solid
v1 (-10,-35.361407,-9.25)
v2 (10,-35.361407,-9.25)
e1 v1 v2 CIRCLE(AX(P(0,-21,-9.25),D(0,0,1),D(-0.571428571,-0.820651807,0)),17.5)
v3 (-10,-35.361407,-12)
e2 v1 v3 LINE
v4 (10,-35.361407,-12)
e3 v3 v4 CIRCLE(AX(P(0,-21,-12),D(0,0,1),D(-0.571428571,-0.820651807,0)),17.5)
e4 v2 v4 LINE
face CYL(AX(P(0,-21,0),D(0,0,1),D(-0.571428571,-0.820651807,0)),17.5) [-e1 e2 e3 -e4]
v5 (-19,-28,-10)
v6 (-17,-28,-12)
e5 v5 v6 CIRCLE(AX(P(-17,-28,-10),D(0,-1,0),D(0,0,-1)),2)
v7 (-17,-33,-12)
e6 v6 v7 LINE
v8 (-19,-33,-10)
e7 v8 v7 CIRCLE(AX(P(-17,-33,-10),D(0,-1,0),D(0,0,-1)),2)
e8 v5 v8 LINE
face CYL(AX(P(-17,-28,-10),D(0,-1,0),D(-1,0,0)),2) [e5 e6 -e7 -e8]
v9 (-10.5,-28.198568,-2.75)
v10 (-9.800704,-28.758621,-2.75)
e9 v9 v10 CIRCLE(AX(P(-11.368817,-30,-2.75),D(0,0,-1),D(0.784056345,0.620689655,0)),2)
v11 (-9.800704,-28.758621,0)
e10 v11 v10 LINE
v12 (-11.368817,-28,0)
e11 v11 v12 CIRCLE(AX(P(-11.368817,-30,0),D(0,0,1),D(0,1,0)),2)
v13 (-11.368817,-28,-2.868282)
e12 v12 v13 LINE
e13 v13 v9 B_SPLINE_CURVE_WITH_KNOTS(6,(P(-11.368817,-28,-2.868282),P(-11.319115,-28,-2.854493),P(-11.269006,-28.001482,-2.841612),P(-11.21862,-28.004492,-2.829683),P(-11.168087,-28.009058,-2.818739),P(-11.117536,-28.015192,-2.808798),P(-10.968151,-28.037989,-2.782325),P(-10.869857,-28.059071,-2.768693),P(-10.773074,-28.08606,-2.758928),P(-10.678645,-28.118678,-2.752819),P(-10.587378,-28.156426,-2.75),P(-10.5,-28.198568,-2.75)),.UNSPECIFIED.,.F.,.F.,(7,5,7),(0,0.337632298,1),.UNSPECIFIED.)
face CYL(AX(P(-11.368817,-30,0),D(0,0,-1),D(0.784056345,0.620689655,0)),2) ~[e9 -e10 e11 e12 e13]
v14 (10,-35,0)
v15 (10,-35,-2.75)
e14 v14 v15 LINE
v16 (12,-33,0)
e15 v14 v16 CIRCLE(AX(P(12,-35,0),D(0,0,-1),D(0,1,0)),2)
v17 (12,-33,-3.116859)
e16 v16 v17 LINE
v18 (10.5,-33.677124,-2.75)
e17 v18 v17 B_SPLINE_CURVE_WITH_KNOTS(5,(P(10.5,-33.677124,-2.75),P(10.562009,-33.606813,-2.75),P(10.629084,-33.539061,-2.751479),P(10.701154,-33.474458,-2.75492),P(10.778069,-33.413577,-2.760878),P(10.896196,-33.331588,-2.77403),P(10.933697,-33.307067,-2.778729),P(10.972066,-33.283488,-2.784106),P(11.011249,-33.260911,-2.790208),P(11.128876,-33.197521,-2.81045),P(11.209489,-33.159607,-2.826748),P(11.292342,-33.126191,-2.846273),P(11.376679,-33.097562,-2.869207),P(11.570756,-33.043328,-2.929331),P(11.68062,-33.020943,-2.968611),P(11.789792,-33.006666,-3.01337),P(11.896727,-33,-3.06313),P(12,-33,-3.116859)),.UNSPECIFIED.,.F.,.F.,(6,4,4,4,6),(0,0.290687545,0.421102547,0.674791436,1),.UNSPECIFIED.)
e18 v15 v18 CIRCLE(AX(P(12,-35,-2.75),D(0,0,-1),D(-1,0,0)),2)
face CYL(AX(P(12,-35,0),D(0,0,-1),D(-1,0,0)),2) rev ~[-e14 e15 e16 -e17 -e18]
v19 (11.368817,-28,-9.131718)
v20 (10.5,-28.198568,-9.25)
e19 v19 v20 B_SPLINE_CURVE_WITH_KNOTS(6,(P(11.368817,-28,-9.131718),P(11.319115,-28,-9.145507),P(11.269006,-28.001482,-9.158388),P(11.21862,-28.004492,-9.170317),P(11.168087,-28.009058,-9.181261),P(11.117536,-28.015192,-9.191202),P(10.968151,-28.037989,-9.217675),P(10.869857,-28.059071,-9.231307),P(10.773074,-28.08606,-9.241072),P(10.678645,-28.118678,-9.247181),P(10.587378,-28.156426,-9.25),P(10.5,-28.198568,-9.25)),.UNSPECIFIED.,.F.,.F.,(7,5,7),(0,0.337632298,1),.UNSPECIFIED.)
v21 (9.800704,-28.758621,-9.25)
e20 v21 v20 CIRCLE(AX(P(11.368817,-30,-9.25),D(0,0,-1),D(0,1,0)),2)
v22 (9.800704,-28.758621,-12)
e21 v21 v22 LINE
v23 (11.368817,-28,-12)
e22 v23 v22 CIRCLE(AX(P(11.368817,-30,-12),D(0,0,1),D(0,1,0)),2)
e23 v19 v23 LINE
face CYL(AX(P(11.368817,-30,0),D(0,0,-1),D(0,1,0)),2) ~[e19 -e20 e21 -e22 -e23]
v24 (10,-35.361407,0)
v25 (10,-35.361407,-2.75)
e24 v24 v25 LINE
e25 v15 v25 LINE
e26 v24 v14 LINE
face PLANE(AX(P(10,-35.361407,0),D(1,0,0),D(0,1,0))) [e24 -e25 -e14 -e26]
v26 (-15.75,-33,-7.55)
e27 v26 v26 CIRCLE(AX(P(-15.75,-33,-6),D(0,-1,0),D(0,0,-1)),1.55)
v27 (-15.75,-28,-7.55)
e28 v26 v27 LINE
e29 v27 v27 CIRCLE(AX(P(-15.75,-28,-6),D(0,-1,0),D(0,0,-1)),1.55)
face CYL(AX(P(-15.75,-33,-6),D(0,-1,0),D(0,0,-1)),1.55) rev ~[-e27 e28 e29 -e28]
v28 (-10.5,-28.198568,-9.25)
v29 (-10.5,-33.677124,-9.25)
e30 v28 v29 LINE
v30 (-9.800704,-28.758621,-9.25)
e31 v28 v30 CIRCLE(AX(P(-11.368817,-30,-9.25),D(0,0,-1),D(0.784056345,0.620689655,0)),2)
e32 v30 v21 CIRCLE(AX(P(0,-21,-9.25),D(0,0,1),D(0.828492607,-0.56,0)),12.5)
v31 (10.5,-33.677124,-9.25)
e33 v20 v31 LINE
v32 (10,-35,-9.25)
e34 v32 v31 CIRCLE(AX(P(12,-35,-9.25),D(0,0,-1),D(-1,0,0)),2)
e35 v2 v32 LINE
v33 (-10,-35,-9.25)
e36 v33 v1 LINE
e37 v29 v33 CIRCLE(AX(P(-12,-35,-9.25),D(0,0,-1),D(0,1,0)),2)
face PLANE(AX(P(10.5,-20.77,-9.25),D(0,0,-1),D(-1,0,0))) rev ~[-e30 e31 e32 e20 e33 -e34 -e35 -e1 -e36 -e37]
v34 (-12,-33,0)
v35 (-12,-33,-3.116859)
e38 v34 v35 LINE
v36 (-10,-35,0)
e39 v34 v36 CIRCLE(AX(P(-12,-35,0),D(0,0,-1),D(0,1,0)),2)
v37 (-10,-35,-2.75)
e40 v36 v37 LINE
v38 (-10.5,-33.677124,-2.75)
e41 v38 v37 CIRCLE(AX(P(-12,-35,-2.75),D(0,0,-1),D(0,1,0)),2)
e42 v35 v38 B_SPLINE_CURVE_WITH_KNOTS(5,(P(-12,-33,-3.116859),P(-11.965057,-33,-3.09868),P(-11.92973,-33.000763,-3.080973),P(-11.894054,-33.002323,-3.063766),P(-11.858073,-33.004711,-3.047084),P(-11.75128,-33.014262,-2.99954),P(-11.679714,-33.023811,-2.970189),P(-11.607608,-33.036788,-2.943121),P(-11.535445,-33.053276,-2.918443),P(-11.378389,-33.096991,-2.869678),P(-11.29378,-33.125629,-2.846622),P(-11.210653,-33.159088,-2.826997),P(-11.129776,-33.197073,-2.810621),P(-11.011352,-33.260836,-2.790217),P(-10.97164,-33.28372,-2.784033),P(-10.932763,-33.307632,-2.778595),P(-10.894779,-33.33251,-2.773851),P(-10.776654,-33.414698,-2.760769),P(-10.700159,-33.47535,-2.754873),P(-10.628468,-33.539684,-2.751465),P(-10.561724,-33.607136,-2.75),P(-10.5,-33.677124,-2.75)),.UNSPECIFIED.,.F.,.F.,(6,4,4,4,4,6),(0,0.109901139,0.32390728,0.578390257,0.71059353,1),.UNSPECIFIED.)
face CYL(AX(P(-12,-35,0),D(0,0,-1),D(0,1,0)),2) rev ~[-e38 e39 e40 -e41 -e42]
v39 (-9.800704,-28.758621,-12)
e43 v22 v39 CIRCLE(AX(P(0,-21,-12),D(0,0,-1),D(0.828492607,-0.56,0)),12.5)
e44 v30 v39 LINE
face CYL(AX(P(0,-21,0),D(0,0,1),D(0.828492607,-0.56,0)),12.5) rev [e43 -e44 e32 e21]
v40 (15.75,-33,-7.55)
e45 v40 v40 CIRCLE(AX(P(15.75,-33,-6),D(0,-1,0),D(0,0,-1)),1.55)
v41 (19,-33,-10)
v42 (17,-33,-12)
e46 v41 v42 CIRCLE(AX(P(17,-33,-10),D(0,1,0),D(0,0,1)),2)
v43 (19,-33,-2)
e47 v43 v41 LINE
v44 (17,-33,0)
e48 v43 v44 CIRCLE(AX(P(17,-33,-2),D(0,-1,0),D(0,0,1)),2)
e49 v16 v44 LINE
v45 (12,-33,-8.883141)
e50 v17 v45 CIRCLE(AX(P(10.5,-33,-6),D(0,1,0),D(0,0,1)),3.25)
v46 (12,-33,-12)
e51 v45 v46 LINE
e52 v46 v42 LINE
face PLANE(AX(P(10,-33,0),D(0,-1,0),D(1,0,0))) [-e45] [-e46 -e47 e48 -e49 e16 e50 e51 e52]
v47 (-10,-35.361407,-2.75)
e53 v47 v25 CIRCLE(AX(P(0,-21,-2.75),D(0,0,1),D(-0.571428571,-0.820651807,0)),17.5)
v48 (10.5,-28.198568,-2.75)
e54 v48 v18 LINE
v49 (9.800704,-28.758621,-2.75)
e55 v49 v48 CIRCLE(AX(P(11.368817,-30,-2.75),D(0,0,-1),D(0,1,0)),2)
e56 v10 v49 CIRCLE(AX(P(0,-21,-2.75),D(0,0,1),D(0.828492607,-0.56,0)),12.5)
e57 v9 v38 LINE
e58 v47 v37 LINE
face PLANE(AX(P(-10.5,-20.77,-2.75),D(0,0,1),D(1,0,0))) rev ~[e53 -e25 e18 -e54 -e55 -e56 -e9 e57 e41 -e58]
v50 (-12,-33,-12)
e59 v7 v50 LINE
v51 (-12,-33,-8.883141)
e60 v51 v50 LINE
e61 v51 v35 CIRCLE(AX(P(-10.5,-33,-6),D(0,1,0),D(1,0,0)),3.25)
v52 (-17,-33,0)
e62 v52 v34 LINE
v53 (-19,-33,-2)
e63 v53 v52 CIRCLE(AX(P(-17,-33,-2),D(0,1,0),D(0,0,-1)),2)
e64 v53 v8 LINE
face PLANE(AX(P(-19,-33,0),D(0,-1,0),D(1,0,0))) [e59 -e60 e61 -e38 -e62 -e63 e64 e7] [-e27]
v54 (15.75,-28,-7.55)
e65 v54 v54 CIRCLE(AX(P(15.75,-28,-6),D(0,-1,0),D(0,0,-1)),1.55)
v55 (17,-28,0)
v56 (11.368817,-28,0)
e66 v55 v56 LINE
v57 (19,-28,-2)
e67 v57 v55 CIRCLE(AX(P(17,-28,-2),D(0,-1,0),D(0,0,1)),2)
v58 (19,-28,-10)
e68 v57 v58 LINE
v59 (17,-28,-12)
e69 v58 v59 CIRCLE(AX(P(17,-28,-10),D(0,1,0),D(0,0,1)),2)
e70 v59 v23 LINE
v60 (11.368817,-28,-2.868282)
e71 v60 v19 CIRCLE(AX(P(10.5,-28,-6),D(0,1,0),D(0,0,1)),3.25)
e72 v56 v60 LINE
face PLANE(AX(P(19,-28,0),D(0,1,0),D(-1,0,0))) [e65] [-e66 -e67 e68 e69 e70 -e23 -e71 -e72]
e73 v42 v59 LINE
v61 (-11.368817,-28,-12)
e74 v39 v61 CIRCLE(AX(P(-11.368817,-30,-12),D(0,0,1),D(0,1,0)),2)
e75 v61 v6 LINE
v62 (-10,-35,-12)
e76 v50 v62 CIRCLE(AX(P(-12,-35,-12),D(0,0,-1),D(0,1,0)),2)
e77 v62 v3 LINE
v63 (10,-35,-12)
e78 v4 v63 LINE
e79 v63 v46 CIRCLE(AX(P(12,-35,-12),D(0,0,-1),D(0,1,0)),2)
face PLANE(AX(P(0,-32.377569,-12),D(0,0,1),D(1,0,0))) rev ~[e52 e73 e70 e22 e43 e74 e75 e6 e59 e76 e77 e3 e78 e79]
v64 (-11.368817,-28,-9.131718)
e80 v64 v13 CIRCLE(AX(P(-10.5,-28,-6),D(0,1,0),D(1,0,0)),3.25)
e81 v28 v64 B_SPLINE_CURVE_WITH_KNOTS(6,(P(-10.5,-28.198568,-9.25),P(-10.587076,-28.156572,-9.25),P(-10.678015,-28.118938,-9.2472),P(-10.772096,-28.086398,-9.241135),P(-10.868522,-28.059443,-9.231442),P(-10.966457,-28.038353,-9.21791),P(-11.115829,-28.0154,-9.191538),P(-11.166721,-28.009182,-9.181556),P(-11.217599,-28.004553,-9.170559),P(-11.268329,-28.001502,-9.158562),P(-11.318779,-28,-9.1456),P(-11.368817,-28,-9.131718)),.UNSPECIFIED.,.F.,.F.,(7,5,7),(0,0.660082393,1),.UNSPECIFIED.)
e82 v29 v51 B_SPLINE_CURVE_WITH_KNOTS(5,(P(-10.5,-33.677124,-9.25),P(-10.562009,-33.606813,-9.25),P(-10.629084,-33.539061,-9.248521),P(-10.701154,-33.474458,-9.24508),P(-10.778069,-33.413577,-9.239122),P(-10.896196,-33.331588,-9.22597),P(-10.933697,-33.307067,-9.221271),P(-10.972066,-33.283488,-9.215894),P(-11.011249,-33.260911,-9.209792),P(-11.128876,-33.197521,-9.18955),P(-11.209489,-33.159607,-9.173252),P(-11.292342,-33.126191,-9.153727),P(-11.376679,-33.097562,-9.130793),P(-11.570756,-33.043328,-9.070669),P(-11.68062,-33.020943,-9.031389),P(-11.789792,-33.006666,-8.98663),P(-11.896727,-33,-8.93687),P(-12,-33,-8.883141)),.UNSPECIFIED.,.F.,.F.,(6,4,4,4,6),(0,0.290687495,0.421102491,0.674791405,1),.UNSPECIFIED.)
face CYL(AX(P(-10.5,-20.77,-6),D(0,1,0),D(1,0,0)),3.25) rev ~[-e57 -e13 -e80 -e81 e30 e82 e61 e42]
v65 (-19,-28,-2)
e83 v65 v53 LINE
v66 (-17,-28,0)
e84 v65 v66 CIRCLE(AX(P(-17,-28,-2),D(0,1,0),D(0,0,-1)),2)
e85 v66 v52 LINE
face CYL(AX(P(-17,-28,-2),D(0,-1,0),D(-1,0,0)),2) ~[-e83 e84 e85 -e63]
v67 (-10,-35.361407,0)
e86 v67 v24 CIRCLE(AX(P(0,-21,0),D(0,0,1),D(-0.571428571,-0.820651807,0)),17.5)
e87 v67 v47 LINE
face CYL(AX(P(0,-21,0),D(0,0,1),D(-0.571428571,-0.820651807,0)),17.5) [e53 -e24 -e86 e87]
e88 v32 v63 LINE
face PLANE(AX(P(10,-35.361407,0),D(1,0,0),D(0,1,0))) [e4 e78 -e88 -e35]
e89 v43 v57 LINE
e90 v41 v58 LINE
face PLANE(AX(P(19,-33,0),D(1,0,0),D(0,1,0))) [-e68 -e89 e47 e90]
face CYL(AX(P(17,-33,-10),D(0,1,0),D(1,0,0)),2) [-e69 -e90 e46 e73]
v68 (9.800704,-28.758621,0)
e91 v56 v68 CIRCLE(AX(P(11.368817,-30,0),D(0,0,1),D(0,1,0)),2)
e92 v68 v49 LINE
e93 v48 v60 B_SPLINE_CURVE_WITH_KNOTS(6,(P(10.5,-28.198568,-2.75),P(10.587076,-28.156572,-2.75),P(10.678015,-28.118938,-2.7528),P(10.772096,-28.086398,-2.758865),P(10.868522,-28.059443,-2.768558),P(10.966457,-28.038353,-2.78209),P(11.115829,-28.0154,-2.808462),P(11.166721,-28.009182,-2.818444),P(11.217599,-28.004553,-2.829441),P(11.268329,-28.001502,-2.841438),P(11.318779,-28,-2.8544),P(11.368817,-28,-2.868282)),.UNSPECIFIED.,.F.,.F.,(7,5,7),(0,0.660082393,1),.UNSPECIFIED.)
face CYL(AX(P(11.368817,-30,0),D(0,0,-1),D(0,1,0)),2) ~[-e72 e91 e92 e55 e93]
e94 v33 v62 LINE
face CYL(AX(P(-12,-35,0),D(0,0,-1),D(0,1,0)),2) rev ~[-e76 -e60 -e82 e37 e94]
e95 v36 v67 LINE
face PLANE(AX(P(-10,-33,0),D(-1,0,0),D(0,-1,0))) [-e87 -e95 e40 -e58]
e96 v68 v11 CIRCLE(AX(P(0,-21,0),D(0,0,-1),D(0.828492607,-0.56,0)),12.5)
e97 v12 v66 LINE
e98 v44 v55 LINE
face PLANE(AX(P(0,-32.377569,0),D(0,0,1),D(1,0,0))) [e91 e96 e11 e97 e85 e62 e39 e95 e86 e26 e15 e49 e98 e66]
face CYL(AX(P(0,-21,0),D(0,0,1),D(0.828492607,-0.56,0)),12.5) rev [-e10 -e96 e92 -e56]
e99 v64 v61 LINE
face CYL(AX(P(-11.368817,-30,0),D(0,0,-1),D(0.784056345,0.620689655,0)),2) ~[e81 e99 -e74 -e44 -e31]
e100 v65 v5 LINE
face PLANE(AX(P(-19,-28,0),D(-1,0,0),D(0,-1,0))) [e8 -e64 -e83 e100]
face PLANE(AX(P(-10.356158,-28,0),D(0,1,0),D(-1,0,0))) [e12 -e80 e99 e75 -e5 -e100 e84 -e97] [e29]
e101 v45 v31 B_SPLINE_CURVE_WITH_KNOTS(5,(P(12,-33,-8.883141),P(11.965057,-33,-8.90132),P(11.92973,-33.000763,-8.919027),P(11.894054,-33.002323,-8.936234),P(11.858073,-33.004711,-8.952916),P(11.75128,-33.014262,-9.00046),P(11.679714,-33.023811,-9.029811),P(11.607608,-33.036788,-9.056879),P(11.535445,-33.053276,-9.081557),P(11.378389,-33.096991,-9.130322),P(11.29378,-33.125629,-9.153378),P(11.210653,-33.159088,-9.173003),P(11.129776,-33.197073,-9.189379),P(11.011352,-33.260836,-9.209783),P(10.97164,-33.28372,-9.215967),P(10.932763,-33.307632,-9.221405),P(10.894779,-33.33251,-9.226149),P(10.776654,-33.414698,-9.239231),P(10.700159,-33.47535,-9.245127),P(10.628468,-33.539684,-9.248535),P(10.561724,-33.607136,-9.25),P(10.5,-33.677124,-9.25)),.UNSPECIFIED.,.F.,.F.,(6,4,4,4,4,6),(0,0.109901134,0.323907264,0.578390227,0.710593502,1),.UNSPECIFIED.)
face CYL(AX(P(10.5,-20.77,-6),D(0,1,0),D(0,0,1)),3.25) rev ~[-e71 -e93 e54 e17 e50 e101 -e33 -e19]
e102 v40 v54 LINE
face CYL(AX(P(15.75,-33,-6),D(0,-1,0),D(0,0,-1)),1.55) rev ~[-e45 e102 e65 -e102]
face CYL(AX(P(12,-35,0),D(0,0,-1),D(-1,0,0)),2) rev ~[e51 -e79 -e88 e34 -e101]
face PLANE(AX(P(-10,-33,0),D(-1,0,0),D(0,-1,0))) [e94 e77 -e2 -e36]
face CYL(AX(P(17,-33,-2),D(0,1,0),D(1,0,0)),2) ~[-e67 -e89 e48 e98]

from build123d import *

# Parameters (mm, degrees)
EXTRUDE_1_DEPTH     = 12
FILLET_2_R          = 2
SKETCH_2_R          = 1.55
CUT_EXTRUDE_3_DEPTH = 12
SKETCH_3_R          = 3.25
CUT_EXTRUDE_4_DEPTH = 29.62434104


with BuildPart() as part:
    # Эскиз1 → Бобышка-Вытянуть1 (new body)
    with BuildSketch(Plane.XY):
        with BuildLine():
            Line((-14, -28), (-19, -28))
            Line((-19, -28), (-19, -33))
            Line((-19, -33), (-10, -33))
            Line((-10, -33), (-10, -35.361406616))
            ThreePointArc((-10, -35.361406616), (0, -38.5), (10, -35.361406616))
            Line((10, -35.361406616), (10, -33))
            Line((10, -33), (19, -33))
            Line((19, -33), (19, -28))
            Line((19, -28), (14, -28))
            Line((14, -28), (12.5, -28))
            Line((12.5, -28), (10.356157589, -28))
            ThreePointArc((10.356157589, -28), (0, -33.5), (-10.356157589, -28))
            Line((-10.356157589, -28), (-14, -28))
        make_face()
    extrude(amount=-EXTRUDE_1_DEPTH)

    # Скругление2
    fillet_2_edges = [part.edges().sort_by_distance(p)[0] for p in [
        (-19, -30.5, 0),
        (19, -30.5, 0),
        (-10, -33, -6),
        (-10.356157589, -28, -6),
        (10.356157589, -28, -6),
        (10, -33, -6),
        (19, -30.5, -12),
        (-19, -30.5, -12),
    ]]
    fillet(fillet_2_edges, radius=FILLET_2_R)

    # Эскиз2 → Вырез-Вытянуть3 (cut)
    with BuildSketch(Plane.XZ.offset(33)):
        with Locations(Location((15.75, -6, 0), (0, 0, 270))):
            Circle(SKETCH_2_R)
        with Locations(Location((-15.75, -6, 0), (0, 0, 270))):
            Circle(SKETCH_2_R)
    extrude(amount=-CUT_EXTRUDE_3_DEPTH, mode=Mode.SUBTRACT)

    # Эскиз3 → Вырез-Вытянуть4 (cut, through all)
    with BuildSketch(Plane(origin=(0, -20.77, 0), x_dir=(1, 0, 0), z_dir=(0, 1, 0))):
        with Locations((10.5, 6)):
            Circle(SKETCH_3_R)
        with BuildLine():
            Line((0, 9.25), (0, 2.75))
            Line((0, 2.75), (10.5, 2.75))
            ThreePointArc((10.5, 2.75), (7.25, 6), (10.5, 9.25))
            Line((10.5, 9.25), (0, 9.25))
        make_face()
        with BuildLine():
            Line((-10.5, 2.75), (0, 2.75))
            Line((0, 2.75), (0, 9.25))
            Line((0, 9.25), (-10.5, 9.25))
            ThreePointArc((-10.5, 9.25), (-8.201902961, 8.298097039), (-7.25, 6))
            ThreePointArc((-7.25, 6), (-8.201902961, 3.701902961), (-10.5, 2.75))
        make_face()
        with Locations((-10.5, 6)):
            Circle(SKETCH_3_R)
    extrude(amount=-CUT_EXTRUDE_4_DEPTH, mode=Mode.SUBTRACT)


solid = part.part
